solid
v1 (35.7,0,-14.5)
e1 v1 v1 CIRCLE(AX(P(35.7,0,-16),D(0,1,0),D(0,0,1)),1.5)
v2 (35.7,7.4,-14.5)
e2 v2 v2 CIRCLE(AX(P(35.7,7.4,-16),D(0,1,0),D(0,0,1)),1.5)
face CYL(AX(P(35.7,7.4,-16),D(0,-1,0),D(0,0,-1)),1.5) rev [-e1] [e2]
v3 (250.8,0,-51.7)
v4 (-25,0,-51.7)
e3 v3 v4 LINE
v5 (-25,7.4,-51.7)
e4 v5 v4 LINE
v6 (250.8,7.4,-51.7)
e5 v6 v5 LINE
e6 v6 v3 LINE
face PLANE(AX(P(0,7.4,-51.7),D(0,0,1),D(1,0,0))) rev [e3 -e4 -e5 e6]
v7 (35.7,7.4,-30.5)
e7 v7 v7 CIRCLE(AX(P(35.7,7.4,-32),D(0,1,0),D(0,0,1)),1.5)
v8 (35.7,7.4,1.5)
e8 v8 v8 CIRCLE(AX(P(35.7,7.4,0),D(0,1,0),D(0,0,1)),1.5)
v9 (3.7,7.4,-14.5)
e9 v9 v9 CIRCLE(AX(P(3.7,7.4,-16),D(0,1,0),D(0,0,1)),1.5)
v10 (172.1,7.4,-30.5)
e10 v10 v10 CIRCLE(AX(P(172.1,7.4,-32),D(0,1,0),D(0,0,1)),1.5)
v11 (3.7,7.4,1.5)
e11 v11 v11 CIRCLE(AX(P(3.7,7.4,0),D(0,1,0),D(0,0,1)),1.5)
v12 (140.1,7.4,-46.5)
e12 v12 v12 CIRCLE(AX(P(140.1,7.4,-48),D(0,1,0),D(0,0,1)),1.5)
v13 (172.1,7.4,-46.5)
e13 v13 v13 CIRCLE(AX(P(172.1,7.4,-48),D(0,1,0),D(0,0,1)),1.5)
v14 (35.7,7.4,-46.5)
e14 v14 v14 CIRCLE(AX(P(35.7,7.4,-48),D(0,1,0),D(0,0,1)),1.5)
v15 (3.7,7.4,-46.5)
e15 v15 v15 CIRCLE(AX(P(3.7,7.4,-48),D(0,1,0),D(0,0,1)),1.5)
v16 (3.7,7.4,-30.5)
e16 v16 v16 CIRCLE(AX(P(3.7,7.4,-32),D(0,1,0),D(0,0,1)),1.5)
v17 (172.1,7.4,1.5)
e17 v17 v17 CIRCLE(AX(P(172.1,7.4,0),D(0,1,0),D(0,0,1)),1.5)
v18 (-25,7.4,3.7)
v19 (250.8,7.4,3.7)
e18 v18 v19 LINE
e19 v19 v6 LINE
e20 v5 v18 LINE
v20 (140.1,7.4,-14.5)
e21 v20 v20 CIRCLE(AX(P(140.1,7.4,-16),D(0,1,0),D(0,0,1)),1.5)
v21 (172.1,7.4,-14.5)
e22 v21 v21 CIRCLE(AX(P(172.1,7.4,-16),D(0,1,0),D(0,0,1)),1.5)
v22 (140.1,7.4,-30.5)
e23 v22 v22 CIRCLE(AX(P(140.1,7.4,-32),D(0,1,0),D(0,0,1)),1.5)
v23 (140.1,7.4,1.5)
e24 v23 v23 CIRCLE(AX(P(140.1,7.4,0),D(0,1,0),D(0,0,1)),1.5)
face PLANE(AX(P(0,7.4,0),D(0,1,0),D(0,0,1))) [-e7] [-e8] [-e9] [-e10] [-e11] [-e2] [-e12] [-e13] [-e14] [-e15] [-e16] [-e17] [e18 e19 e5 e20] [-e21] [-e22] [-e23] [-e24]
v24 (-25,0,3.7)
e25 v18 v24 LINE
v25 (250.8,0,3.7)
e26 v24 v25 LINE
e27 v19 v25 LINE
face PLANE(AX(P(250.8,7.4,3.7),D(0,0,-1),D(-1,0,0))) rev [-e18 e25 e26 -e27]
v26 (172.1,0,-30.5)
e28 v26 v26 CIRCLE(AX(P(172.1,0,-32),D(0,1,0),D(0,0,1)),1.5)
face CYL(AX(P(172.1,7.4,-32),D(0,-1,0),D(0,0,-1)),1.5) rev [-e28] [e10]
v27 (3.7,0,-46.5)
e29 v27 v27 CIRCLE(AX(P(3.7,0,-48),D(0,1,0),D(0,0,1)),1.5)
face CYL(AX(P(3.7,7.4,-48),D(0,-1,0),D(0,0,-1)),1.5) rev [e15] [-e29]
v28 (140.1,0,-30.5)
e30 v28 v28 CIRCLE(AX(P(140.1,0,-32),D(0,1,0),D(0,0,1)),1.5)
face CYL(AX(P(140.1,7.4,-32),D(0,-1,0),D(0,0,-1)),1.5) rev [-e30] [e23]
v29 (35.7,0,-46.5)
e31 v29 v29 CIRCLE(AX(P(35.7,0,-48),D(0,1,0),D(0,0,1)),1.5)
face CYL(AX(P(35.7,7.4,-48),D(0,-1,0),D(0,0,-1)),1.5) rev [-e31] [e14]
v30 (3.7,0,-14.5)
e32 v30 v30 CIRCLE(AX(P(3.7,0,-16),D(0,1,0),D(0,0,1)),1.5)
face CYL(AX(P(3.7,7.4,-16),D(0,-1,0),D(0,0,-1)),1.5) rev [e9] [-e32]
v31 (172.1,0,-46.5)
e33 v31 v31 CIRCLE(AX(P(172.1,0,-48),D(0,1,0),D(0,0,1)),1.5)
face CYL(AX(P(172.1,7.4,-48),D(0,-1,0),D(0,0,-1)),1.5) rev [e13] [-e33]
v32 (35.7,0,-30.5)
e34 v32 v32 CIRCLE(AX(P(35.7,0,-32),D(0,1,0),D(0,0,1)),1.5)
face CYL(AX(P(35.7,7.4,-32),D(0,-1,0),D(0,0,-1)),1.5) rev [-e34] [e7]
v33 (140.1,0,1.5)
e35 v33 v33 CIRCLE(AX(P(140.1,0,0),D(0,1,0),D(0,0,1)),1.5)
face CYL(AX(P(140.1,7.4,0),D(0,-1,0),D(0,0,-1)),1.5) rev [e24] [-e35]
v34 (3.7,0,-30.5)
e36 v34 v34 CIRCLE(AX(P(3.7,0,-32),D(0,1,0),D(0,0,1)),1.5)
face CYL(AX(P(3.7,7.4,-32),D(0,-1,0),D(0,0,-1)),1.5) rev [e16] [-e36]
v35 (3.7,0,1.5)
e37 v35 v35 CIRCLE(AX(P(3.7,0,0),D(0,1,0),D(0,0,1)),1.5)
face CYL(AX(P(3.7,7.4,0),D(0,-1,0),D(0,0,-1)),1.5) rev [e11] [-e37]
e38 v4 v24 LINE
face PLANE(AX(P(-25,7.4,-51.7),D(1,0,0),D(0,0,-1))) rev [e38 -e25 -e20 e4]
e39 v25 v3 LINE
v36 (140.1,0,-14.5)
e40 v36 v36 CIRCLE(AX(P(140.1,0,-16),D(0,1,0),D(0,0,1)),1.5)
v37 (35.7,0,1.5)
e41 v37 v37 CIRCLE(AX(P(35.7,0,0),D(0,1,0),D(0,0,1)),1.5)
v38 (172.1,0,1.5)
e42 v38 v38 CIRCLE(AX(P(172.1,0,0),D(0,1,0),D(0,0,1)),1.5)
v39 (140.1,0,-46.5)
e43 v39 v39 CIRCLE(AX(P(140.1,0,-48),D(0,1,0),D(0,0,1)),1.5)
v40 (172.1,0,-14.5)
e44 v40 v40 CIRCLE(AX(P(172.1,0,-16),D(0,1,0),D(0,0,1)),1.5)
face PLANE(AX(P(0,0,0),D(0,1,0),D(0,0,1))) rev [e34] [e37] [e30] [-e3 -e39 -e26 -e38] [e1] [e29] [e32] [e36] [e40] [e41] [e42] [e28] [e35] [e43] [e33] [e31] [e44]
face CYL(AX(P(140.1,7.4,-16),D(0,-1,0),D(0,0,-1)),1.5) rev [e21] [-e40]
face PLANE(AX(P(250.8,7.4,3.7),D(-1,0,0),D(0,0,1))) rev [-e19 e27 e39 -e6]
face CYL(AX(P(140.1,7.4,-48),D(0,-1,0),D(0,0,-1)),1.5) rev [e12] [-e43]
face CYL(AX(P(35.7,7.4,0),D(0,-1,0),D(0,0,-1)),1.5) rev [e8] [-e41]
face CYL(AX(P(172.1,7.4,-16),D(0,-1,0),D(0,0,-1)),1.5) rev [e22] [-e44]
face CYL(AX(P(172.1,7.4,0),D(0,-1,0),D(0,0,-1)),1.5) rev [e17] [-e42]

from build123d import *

# Parameters (mm, degrees)
BASE_SHOCK_PLATE_R             = 1.5
BASE_SHOCK_PLATE_EXTRUDE_DEPTH = 7.4


with BuildPart() as part:
    # Base-Shock-Plate → Base-Shock-Plate-Extrude (new body)
    with BuildSketch(Plane(origin=(0, 0, 0), x_dir=(1, 0, 0), z_dir=(0, 1, 0))):
        Polygon((250.8, -3.7), (0, -3.7), (-25, -3.7), (-25, 51.7), (0, 51.7), (250.8, 51.7), align=None)
        with Locations(Location((140.1, 16, 0), (0, 0, 270))):
            Circle(BASE_SHOCK_PLATE_R, mode=Mode.SUBTRACT)
        with Locations(Location((140.1, 48, 0), (0, 0, 270))):
            Circle(BASE_SHOCK_PLATE_R, mode=Mode.SUBTRACT)
        with Locations(Location((172.1, 0, 0), (0, 0, 270))):
            Circle(BASE_SHOCK_PLATE_R, mode=Mode.SUBTRACT)
        with Locations(Location((172.1, 32, 0), (0, 0, 270))):
            Circle(BASE_SHOCK_PLATE_R, mode=Mode.SUBTRACT)
        with Locations(Location((140.1, 32, 0), (0, 0, 270))):
            Circle(BASE_SHOCK_PLATE_R, mode=Mode.SUBTRACT)
        with Locations(Location((172.1, 48, 0), (0, 0, 270))):
            Circle(BASE_SHOCK_PLATE_R, mode=Mode.SUBTRACT)
        with Locations(Location((172.1, 16, 0), (0, 0, 270))):
            Circle(BASE_SHOCK_PLATE_R, mode=Mode.SUBTRACT)
        with Locations(Location((140.1, 0, 0), (0, 0, 270))):
            Circle(BASE_SHOCK_PLATE_R, mode=Mode.SUBTRACT)
        with Locations(Location((3.69999989, 16, 0), (0, 0, 270))):
            Circle(BASE_SHOCK_PLATE_R, mode=Mode.SUBTRACT)
        with Locations(Location((3.7, 48, 0), (0, 0, 270))):
            Circle(BASE_SHOCK_PLATE_R, mode=Mode.SUBTRACT)
        with Locations(Location((35.7, 0, 0), (0, 0, 270))):
            Circle(BASE_SHOCK_PLATE_R, mode=Mode.SUBTRACT)
        with Locations(Location((35.69999989, 32, 0), (0, 0, 270))):
            Circle(BASE_SHOCK_PLATE_R, mode=Mode.SUBTRACT)
        with Locations(Location((3.699999945, 32, 0), (0, 0, 270))):
            Circle(BASE_SHOCK_PLATE_R, mode=Mode.SUBTRACT)
        with Locations(Location((35.7, 48, 0), (0, 0, 270))):
            Circle(BASE_SHOCK_PLATE_R, mode=Mode.SUBTRACT)
        with Locations(Location((35.69999989, 16, 0), (0, 0, 270))):
            Circle(BASE_SHOCK_PLATE_R, mode=Mode.SUBTRACT)
        with Locations(Location((3.7, 0, 0), (0, 0, 270))):
            Circle(BASE_SHOCK_PLATE_R, mode=Mode.SUBTRACT)
    extrude(amount=BASE_SHOCK_PLATE_EXTRUDE_DEPTH)


solid = part.part
